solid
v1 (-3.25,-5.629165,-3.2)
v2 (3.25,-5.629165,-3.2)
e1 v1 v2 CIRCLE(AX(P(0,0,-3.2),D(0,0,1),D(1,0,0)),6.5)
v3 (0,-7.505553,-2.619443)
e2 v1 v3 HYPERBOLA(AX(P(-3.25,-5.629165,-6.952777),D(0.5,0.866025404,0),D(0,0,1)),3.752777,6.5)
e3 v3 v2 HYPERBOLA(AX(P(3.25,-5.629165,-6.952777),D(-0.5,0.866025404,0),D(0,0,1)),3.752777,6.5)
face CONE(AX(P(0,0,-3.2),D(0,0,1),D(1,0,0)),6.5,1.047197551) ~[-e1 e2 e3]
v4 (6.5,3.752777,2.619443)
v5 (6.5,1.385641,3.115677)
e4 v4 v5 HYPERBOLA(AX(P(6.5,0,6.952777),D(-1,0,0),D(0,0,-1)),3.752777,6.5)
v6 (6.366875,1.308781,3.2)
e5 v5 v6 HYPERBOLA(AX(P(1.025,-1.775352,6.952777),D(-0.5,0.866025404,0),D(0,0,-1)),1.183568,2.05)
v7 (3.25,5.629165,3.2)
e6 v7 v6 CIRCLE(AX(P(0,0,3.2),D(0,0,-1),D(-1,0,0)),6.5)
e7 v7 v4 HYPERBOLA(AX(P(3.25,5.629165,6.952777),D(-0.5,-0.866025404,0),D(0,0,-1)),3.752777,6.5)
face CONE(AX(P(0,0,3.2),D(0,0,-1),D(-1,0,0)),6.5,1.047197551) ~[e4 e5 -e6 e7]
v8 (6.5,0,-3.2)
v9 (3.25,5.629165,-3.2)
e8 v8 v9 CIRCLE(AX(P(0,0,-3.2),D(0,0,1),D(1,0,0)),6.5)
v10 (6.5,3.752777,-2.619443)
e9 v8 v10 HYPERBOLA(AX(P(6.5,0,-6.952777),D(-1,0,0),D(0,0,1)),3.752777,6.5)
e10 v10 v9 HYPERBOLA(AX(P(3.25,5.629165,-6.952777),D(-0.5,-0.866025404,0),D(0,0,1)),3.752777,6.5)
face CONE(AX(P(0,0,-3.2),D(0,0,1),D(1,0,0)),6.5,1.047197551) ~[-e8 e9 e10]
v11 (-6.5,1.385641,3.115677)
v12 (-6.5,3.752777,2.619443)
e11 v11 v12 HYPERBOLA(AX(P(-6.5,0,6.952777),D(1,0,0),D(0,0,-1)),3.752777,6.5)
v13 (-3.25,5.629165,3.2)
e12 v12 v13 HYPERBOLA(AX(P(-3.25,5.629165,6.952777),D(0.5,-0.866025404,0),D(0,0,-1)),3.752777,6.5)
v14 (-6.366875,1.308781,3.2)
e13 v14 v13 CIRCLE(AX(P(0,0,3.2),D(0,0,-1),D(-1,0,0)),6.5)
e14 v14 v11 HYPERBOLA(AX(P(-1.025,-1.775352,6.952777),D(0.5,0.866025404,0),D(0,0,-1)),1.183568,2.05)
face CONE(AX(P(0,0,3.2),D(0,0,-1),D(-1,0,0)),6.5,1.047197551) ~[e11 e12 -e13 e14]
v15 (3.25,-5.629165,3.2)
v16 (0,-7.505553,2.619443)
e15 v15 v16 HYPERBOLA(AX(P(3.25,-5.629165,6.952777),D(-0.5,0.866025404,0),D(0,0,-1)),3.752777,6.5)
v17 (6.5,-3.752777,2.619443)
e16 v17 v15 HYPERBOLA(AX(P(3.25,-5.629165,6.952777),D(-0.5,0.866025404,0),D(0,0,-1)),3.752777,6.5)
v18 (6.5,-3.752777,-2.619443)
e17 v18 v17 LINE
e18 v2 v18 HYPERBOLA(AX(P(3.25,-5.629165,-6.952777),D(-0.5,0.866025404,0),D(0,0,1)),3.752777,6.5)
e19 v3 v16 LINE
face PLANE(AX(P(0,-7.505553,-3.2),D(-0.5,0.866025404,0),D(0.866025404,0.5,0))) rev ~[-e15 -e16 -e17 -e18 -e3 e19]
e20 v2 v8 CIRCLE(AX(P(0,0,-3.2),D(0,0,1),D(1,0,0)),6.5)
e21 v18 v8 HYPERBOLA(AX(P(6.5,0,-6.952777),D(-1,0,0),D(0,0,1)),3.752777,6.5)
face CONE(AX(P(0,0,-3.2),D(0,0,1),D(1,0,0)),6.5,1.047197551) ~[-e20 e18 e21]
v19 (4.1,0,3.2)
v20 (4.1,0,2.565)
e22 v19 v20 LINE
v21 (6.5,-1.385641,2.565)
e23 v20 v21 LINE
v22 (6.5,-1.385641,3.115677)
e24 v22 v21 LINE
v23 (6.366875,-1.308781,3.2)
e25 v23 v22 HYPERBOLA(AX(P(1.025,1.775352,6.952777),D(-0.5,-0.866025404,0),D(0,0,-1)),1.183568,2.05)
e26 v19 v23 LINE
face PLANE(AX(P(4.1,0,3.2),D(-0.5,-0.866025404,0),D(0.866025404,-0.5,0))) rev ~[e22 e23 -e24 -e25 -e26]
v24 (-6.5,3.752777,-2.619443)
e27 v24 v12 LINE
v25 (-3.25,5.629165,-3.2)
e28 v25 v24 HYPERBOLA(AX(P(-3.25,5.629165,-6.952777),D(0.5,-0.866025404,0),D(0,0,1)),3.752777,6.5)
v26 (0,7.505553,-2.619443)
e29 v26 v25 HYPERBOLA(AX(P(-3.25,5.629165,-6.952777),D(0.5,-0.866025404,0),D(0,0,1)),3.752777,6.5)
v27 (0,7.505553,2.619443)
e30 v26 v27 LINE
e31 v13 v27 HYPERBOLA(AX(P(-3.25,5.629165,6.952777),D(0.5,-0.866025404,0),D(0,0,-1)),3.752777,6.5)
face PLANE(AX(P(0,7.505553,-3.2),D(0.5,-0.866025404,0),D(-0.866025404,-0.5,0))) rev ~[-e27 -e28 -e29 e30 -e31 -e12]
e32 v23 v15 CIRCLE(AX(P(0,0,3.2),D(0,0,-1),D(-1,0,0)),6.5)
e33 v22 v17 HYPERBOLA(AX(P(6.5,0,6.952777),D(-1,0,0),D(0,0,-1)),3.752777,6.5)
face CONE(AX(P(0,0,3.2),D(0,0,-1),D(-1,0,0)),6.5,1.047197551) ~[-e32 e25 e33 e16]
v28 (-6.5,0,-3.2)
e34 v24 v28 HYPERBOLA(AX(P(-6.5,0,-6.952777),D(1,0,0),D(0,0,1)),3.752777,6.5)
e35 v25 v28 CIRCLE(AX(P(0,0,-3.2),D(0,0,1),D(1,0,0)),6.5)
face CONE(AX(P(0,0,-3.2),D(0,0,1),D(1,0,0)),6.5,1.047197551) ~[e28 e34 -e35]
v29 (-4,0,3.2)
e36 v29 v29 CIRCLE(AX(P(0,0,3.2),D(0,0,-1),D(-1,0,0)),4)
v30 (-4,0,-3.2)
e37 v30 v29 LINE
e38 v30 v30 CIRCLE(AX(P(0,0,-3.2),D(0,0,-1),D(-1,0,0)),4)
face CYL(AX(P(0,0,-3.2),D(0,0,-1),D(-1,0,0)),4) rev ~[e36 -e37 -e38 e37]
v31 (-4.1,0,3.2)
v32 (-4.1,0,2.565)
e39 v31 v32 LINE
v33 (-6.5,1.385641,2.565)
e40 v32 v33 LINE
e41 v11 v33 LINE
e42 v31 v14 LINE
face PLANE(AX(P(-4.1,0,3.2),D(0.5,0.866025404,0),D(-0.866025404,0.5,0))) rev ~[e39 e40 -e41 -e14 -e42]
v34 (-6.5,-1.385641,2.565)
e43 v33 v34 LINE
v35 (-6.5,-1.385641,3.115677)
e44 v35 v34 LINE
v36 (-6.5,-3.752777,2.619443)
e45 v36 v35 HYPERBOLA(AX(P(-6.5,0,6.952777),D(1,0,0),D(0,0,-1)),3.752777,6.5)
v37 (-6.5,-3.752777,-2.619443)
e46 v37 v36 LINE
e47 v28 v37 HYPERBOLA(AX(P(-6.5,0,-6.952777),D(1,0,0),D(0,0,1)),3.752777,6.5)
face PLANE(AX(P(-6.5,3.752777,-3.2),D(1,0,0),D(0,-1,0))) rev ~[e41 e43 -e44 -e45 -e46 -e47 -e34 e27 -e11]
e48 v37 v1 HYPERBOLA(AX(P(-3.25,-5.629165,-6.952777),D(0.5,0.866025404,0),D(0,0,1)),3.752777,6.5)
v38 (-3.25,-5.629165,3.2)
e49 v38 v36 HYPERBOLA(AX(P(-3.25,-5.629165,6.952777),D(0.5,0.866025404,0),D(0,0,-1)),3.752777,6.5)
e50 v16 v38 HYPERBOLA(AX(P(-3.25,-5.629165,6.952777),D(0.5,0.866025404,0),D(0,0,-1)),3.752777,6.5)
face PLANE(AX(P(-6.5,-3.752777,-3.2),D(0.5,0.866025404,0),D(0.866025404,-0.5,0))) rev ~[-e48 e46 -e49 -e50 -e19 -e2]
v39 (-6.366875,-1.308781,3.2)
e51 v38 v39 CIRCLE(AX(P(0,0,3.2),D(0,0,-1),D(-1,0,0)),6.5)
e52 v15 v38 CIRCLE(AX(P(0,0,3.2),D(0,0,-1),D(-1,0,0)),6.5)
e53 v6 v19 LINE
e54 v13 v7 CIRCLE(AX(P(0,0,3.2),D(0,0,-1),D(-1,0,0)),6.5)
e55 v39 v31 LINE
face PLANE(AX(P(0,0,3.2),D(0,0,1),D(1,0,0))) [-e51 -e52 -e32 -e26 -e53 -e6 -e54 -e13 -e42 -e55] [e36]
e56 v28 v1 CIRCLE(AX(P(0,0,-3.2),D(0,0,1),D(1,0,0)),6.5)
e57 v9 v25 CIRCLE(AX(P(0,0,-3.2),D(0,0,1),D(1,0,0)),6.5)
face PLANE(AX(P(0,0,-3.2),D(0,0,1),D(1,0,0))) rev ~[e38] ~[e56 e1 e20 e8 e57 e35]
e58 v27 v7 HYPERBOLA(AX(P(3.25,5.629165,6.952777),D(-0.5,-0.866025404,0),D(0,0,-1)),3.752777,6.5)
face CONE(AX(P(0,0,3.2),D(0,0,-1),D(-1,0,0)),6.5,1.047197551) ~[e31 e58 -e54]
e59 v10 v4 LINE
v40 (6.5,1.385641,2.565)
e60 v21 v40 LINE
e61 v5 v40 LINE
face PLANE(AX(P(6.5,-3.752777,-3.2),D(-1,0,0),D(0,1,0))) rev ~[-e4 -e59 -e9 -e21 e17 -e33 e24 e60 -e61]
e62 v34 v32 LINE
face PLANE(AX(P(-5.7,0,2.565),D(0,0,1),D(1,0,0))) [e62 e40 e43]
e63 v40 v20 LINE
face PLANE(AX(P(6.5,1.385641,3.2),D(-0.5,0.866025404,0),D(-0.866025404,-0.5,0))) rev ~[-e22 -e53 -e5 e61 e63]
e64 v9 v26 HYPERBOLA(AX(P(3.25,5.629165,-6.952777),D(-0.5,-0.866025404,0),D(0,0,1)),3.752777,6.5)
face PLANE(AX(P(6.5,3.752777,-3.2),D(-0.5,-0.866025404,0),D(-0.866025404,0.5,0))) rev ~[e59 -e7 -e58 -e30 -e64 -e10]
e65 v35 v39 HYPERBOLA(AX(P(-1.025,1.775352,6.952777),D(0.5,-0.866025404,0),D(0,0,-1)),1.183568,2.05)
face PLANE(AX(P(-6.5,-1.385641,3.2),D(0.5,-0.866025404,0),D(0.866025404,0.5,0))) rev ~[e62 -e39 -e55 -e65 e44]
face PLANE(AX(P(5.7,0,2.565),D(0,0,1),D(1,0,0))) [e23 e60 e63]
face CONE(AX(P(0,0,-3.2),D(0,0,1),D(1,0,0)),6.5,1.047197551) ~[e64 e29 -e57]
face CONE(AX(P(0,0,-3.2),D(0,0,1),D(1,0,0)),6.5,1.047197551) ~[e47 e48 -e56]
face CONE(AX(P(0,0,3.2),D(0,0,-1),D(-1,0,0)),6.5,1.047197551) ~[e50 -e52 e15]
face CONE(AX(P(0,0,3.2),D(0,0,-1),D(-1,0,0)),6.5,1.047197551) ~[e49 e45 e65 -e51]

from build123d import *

# Parameters (mm, degrees)
EXTRUDE1_DEPTH      = 3.2
EXTRUDE1_DEPTH_BACK = 3.2
SKETCH2_OUTSIDE_W   = 63.558
SKETCH2_OUTSIDE_H   = 65.57
SKETCH2_OUTSIDE_R   = 6.5
CUT_EXTRUDE1_DEPTH  = 12.812846115
CUT_EXTRUDE1_DRAFT  = 60
SKETCH3_OUTSIDE_W   = 63.558
SKETCH3_OUTSIDE_H   = 65.57
SKETCH3_OUTSIDE_R   = 6.5
CUT_EXTRUDE2_DEPTH  = 12.812846115
CUT_EXTRUDE2_DRAFT  = 60
SKETCH4_R           = 4
CUT_EXTRUDE3_DEPTH  = 12.812846115
CUT_EXTRUDE7_DEPTH  = 0.635


with BuildPart() as part:
    # Sketch1 → Extrude1 (new, two sides: drawn at the far end of the back side and taken through both)
    with BuildSketch(Plane.XY.offset(-EXTRUDE1_DEPTH_BACK)):
        Polygon((0, 7.505553499), (-6.5, 3.75277675), (-6.5, -3.75277675), (0, -7.505553499), (6.5, -3.75277675), (6.5, 3.75277675), align=None)
    extrude(amount=EXTRUDE1_DEPTH + EXTRUDE1_DEPTH_BACK)


with BuildPart() as cut_extrude1_tool:
    # Sketch2 outside → Cut-Extrude1 (with draft: the straight prism first)
    with BuildSketch(Plane(origin=(0, 0, 3.2), x_dir=(-1, 0, 0), z_dir=(0, 0, -1))):
        Rectangle(SKETCH2_OUTSIDE_W, SKETCH2_OUTSIDE_H)
        Circle(SKETCH2_OUTSIDE_R, mode=Mode.SUBTRACT)
    extrude(amount=CUT_EXTRUDE1_DEPTH)
    # Cut-Extrude1: the draft: its side faces are tilted about the plane it starts from
    cut_extrude1_sides = [cut_extrude1_tool.faces().sort_by_distance(p)[0] for p in [
        (0, -32.785, -3.206423057),
        (-31.779, 0, -3.206423057),
        (0, 32.785, -3.206423057),
        (31.779, 0, -3.206423057),
        (6.5, 0, -3.206423057),
    ]]
    draft(cut_extrude1_sides, Plane(origin=(0, 0, 3.2), x_dir=(-1, 0, 0), z_dir=(0, 0, -1)), CUT_EXTRUDE1_DRAFT)


with BuildPart() as part_1:
    add(part.part)

    # Cut-Extrude1: cut by cut_extrude1_tool
    add(cut_extrude1_tool.part, mode=Mode.SUBTRACT)


with BuildPart() as cut_extrude2_tool:
    # Sketch3 outside → Cut-Extrude2 (with draft: the straight prism first)
    with BuildSketch(Plane.XY.offset(-3.2)):
        Rectangle(SKETCH3_OUTSIDE_W, SKETCH3_OUTSIDE_H)
        Circle(SKETCH3_OUTSIDE_R, mode=Mode.SUBTRACT)
    extrude(amount=CUT_EXTRUDE2_DEPTH)
    # Cut-Extrude2: the draft: its side faces are tilted about the plane it starts from
    cut_extrude2_sides = [cut_extrude2_tool.faces().sort_by_distance(p)[0] for p in [
        (0, -32.785, 3.206423057),
        (31.779, 0, 3.206423057),
        (0, 32.785, 3.206423057),
        (-31.779, 0, 3.206423057),
        (-6.5, 0, 3.206423057),
    ]]
    draft(cut_extrude2_sides, Plane.XY.offset(-3.2), CUT_EXTRUDE2_DRAFT)


with BuildPart() as part_2:
    add(part_1.part)

    # Cut-Extrude2: cut by cut_extrude2_tool
    add(cut_extrude2_tool.part, mode=Mode.SUBTRACT)

    # Sketch4 → Cut-Extrude3 (cut, through all)
    with BuildSketch(Plane(origin=(0, 0, -3.2), x_dir=(-1, 0, 0), z_dir=(0, 0, -1))):
        Circle(SKETCH4_R)
    extrude(amount=-CUT_EXTRUDE3_DEPTH, mode=Mode.SUBTRACT)

    # Sketch12 → Cut-Extrude7 (cut)
    with BuildSketch(Plane.XY.offset(3.2)):
        Polygon((-4.1, 0), (-6.5, 1.385640646), (-6.5, -1.385640646), align=None)
        Polygon((4.1, 0), (6.5, -1.385640646), (6.5, 1.385640646), align=None)
    extrude(amount=-CUT_EXTRUDE7_DEPTH, mode=Mode.SUBTRACT)


solid = part_2.part
